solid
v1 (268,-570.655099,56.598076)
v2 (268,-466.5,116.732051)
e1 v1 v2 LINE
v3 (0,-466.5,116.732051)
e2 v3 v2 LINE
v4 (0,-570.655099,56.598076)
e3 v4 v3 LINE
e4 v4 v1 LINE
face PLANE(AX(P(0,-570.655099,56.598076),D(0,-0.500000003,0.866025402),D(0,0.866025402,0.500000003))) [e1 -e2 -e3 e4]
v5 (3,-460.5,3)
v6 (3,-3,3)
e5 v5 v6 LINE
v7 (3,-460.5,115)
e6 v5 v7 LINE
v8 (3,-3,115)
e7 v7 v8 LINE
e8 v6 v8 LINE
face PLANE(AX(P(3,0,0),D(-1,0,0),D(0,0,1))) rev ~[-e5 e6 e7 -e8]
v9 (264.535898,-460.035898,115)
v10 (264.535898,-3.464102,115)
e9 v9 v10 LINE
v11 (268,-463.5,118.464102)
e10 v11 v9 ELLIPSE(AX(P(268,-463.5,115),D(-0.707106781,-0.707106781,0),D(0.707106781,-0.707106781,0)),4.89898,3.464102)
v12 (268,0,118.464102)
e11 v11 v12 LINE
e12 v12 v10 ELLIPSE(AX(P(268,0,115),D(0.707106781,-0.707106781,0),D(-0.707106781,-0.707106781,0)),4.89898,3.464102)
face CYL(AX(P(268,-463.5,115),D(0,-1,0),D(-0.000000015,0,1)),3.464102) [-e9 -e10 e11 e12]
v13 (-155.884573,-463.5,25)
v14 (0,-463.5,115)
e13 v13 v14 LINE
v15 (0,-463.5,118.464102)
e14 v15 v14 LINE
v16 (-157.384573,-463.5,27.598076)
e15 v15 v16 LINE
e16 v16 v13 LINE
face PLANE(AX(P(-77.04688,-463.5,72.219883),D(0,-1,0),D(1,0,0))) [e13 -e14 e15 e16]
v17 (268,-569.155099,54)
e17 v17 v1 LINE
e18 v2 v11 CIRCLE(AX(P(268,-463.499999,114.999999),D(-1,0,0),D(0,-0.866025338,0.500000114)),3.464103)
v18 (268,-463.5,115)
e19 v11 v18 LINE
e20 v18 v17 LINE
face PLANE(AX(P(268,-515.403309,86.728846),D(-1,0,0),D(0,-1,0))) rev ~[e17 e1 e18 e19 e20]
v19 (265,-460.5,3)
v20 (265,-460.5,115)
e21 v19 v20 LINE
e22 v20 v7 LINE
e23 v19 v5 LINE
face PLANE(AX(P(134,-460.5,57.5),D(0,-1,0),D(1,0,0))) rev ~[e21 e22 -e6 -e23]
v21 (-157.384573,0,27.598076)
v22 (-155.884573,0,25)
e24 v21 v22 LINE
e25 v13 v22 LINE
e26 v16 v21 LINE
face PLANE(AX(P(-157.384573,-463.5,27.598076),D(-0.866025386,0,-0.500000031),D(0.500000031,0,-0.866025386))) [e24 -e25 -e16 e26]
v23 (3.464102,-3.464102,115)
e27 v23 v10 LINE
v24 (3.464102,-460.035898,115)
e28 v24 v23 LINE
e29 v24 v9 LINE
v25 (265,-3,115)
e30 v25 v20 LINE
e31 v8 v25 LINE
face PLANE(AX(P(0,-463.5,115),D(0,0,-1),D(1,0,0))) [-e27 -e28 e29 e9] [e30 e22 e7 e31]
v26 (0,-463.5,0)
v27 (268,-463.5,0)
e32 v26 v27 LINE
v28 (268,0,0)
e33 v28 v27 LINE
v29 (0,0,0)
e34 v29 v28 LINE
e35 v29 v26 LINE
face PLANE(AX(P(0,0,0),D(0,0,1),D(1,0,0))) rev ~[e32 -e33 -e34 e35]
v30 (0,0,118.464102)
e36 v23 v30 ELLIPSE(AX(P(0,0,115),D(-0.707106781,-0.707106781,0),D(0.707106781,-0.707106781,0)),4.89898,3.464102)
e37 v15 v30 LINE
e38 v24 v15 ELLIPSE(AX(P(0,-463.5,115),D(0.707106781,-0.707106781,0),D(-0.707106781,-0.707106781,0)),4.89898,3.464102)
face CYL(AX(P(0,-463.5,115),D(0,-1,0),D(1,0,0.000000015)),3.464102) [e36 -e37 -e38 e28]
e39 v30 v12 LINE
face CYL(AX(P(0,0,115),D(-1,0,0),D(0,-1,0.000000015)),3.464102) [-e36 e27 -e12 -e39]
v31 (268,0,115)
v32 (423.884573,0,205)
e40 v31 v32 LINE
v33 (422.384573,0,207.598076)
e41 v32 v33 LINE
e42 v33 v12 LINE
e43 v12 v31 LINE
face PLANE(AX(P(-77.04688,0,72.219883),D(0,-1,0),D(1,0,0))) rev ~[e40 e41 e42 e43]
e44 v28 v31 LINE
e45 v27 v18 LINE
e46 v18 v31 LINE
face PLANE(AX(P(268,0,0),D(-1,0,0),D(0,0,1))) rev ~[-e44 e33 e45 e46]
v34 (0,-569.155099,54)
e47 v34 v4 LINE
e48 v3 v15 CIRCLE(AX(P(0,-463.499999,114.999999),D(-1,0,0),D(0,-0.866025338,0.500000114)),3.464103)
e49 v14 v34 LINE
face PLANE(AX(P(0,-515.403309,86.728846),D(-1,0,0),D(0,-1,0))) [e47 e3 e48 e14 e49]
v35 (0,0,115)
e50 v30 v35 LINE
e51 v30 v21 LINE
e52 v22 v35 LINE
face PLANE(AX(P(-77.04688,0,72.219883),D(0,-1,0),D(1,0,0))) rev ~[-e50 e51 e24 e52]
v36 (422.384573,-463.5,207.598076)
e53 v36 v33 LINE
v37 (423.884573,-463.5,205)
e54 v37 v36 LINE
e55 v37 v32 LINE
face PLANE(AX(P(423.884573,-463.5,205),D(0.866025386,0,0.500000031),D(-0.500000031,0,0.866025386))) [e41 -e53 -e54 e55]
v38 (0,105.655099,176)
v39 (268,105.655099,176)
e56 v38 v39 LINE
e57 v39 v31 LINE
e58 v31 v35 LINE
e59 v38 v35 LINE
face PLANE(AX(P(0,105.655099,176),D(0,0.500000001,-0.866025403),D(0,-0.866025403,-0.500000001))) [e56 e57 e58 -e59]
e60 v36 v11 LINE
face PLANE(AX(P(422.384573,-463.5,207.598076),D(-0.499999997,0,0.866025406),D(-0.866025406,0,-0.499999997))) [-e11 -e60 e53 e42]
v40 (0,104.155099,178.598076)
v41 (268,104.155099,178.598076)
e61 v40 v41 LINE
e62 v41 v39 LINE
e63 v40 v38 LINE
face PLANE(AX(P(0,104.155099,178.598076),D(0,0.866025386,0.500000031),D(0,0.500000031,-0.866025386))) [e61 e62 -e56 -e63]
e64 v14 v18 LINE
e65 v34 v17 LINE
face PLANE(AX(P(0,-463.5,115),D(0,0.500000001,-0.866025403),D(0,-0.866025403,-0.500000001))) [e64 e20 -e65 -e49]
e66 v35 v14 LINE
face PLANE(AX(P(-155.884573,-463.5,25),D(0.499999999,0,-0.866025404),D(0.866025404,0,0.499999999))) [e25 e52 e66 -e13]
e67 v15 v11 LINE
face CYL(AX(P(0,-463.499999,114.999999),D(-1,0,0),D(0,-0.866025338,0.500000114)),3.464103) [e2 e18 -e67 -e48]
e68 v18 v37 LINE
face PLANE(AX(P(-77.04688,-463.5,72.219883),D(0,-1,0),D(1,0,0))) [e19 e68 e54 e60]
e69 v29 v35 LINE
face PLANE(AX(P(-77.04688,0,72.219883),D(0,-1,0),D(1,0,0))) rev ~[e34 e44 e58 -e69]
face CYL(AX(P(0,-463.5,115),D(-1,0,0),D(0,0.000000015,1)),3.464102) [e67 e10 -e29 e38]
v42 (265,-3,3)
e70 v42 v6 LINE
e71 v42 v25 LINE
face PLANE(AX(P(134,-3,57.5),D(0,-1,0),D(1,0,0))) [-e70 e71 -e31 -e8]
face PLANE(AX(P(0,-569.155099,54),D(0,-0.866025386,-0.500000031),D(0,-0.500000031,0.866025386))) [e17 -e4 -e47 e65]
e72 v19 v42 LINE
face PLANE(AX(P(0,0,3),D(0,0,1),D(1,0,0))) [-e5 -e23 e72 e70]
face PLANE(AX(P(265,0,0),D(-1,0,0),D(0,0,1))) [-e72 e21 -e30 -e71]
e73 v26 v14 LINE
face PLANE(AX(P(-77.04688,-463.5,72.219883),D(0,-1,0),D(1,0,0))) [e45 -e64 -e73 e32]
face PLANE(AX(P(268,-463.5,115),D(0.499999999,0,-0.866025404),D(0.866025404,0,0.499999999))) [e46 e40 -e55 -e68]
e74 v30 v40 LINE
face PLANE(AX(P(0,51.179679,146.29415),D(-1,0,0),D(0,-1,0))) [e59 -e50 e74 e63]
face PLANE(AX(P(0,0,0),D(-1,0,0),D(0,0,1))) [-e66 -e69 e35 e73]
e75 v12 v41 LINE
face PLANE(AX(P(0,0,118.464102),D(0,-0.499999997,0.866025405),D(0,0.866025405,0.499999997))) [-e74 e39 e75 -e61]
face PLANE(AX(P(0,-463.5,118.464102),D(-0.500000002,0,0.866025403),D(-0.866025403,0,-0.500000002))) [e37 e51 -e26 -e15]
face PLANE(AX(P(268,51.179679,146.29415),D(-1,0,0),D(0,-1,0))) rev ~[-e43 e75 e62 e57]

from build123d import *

# Parameters (mm, degrees)
F0_W     = 268
F0_H     = 115
F1_DEPTH = 463.5
F2_T     = -3
F4_DEPTH = 463.5
F6_DEPTH = 268


with BuildPart() as f1:
    # F0 (on Front) → F1 (new body)
    with BuildSketch(Plane.XZ):
        with Locations((134, 57.5)):
            Rectangle(F0_W, F0_H)
    extrude(amount=F1_DEPTH)

    # F2
    f2_openings = [f1.faces().sort_by_distance(p)[0] for p in [
        (134, -231.75, 115),
    ]]
    offset(amount=F2_T, openings=f2_openings)

    # F3 (on face) → F4 (join, through all)
    with BuildSketch(Plane.XZ.offset(463.5)):
        with BuildLine():
            Line((-155.884573, 25), (0, 115))
            Line((0, 115), (3.464102, 115))
            ThreePointArc((3.464102, 115), (2.44949, 117.44949), (0, 118.464102))
            Line((0, 118.464102), (-157.384573, 27.598076))
            Line((-157.384573, 27.598076), (-155.884573, 25))
        make_face()
        with BuildLine():
            Line((264.535898, 115), (268, 115))
            Line((268, 115), (423.884573, 205))
            Line((423.884573, 205), (422.384573, 207.598076))
            Line((422.384573, 207.598076), (268, 118.464102))
            ThreePointArc((268, 118.464102), (265.55051, 117.44949), (264.535898, 115))
        make_face()
    extrude(amount=-F4_DEPTH)

    # F5 (on face) → F6 (join, through all)
    with BuildSketch(Plane(origin=(0, 0, 0), x_dir=(0, -1, 0), z_dir=(-1, 0, 0))):
        with BuildLine():
            Line((460.035898, 115), (463.5, 115))
            Line((463.5, 115), (569.155099, 54))
            Line((569.155099, 54), (570.655099, 56.598076))
            Line((570.655099, 56.598076), (466.5, 116.732051))
            ThreePointArc((466.5, 116.732051), (465.232051, 118), (463.5, 118.464102))
            ThreePointArc((463.5, 118.464102), (461.05051, 117.44949), (460.035898, 115))
        make_face()
        with BuildLine():
            Line((-105.655099, 176), (0, 115))
            Line((0, 115), (3.464102, 115))
            ThreePointArc((3.464102, 115), (2.44949, 117.44949), (0, 118.464102))
            Line((0, 118.464102), (-104.155099, 178.598076))
            Line((-104.155099, 178.598076), (-105.655099, 176))
        make_face()
    extrude(amount=-F6_DEPTH)


solid = f1.part
